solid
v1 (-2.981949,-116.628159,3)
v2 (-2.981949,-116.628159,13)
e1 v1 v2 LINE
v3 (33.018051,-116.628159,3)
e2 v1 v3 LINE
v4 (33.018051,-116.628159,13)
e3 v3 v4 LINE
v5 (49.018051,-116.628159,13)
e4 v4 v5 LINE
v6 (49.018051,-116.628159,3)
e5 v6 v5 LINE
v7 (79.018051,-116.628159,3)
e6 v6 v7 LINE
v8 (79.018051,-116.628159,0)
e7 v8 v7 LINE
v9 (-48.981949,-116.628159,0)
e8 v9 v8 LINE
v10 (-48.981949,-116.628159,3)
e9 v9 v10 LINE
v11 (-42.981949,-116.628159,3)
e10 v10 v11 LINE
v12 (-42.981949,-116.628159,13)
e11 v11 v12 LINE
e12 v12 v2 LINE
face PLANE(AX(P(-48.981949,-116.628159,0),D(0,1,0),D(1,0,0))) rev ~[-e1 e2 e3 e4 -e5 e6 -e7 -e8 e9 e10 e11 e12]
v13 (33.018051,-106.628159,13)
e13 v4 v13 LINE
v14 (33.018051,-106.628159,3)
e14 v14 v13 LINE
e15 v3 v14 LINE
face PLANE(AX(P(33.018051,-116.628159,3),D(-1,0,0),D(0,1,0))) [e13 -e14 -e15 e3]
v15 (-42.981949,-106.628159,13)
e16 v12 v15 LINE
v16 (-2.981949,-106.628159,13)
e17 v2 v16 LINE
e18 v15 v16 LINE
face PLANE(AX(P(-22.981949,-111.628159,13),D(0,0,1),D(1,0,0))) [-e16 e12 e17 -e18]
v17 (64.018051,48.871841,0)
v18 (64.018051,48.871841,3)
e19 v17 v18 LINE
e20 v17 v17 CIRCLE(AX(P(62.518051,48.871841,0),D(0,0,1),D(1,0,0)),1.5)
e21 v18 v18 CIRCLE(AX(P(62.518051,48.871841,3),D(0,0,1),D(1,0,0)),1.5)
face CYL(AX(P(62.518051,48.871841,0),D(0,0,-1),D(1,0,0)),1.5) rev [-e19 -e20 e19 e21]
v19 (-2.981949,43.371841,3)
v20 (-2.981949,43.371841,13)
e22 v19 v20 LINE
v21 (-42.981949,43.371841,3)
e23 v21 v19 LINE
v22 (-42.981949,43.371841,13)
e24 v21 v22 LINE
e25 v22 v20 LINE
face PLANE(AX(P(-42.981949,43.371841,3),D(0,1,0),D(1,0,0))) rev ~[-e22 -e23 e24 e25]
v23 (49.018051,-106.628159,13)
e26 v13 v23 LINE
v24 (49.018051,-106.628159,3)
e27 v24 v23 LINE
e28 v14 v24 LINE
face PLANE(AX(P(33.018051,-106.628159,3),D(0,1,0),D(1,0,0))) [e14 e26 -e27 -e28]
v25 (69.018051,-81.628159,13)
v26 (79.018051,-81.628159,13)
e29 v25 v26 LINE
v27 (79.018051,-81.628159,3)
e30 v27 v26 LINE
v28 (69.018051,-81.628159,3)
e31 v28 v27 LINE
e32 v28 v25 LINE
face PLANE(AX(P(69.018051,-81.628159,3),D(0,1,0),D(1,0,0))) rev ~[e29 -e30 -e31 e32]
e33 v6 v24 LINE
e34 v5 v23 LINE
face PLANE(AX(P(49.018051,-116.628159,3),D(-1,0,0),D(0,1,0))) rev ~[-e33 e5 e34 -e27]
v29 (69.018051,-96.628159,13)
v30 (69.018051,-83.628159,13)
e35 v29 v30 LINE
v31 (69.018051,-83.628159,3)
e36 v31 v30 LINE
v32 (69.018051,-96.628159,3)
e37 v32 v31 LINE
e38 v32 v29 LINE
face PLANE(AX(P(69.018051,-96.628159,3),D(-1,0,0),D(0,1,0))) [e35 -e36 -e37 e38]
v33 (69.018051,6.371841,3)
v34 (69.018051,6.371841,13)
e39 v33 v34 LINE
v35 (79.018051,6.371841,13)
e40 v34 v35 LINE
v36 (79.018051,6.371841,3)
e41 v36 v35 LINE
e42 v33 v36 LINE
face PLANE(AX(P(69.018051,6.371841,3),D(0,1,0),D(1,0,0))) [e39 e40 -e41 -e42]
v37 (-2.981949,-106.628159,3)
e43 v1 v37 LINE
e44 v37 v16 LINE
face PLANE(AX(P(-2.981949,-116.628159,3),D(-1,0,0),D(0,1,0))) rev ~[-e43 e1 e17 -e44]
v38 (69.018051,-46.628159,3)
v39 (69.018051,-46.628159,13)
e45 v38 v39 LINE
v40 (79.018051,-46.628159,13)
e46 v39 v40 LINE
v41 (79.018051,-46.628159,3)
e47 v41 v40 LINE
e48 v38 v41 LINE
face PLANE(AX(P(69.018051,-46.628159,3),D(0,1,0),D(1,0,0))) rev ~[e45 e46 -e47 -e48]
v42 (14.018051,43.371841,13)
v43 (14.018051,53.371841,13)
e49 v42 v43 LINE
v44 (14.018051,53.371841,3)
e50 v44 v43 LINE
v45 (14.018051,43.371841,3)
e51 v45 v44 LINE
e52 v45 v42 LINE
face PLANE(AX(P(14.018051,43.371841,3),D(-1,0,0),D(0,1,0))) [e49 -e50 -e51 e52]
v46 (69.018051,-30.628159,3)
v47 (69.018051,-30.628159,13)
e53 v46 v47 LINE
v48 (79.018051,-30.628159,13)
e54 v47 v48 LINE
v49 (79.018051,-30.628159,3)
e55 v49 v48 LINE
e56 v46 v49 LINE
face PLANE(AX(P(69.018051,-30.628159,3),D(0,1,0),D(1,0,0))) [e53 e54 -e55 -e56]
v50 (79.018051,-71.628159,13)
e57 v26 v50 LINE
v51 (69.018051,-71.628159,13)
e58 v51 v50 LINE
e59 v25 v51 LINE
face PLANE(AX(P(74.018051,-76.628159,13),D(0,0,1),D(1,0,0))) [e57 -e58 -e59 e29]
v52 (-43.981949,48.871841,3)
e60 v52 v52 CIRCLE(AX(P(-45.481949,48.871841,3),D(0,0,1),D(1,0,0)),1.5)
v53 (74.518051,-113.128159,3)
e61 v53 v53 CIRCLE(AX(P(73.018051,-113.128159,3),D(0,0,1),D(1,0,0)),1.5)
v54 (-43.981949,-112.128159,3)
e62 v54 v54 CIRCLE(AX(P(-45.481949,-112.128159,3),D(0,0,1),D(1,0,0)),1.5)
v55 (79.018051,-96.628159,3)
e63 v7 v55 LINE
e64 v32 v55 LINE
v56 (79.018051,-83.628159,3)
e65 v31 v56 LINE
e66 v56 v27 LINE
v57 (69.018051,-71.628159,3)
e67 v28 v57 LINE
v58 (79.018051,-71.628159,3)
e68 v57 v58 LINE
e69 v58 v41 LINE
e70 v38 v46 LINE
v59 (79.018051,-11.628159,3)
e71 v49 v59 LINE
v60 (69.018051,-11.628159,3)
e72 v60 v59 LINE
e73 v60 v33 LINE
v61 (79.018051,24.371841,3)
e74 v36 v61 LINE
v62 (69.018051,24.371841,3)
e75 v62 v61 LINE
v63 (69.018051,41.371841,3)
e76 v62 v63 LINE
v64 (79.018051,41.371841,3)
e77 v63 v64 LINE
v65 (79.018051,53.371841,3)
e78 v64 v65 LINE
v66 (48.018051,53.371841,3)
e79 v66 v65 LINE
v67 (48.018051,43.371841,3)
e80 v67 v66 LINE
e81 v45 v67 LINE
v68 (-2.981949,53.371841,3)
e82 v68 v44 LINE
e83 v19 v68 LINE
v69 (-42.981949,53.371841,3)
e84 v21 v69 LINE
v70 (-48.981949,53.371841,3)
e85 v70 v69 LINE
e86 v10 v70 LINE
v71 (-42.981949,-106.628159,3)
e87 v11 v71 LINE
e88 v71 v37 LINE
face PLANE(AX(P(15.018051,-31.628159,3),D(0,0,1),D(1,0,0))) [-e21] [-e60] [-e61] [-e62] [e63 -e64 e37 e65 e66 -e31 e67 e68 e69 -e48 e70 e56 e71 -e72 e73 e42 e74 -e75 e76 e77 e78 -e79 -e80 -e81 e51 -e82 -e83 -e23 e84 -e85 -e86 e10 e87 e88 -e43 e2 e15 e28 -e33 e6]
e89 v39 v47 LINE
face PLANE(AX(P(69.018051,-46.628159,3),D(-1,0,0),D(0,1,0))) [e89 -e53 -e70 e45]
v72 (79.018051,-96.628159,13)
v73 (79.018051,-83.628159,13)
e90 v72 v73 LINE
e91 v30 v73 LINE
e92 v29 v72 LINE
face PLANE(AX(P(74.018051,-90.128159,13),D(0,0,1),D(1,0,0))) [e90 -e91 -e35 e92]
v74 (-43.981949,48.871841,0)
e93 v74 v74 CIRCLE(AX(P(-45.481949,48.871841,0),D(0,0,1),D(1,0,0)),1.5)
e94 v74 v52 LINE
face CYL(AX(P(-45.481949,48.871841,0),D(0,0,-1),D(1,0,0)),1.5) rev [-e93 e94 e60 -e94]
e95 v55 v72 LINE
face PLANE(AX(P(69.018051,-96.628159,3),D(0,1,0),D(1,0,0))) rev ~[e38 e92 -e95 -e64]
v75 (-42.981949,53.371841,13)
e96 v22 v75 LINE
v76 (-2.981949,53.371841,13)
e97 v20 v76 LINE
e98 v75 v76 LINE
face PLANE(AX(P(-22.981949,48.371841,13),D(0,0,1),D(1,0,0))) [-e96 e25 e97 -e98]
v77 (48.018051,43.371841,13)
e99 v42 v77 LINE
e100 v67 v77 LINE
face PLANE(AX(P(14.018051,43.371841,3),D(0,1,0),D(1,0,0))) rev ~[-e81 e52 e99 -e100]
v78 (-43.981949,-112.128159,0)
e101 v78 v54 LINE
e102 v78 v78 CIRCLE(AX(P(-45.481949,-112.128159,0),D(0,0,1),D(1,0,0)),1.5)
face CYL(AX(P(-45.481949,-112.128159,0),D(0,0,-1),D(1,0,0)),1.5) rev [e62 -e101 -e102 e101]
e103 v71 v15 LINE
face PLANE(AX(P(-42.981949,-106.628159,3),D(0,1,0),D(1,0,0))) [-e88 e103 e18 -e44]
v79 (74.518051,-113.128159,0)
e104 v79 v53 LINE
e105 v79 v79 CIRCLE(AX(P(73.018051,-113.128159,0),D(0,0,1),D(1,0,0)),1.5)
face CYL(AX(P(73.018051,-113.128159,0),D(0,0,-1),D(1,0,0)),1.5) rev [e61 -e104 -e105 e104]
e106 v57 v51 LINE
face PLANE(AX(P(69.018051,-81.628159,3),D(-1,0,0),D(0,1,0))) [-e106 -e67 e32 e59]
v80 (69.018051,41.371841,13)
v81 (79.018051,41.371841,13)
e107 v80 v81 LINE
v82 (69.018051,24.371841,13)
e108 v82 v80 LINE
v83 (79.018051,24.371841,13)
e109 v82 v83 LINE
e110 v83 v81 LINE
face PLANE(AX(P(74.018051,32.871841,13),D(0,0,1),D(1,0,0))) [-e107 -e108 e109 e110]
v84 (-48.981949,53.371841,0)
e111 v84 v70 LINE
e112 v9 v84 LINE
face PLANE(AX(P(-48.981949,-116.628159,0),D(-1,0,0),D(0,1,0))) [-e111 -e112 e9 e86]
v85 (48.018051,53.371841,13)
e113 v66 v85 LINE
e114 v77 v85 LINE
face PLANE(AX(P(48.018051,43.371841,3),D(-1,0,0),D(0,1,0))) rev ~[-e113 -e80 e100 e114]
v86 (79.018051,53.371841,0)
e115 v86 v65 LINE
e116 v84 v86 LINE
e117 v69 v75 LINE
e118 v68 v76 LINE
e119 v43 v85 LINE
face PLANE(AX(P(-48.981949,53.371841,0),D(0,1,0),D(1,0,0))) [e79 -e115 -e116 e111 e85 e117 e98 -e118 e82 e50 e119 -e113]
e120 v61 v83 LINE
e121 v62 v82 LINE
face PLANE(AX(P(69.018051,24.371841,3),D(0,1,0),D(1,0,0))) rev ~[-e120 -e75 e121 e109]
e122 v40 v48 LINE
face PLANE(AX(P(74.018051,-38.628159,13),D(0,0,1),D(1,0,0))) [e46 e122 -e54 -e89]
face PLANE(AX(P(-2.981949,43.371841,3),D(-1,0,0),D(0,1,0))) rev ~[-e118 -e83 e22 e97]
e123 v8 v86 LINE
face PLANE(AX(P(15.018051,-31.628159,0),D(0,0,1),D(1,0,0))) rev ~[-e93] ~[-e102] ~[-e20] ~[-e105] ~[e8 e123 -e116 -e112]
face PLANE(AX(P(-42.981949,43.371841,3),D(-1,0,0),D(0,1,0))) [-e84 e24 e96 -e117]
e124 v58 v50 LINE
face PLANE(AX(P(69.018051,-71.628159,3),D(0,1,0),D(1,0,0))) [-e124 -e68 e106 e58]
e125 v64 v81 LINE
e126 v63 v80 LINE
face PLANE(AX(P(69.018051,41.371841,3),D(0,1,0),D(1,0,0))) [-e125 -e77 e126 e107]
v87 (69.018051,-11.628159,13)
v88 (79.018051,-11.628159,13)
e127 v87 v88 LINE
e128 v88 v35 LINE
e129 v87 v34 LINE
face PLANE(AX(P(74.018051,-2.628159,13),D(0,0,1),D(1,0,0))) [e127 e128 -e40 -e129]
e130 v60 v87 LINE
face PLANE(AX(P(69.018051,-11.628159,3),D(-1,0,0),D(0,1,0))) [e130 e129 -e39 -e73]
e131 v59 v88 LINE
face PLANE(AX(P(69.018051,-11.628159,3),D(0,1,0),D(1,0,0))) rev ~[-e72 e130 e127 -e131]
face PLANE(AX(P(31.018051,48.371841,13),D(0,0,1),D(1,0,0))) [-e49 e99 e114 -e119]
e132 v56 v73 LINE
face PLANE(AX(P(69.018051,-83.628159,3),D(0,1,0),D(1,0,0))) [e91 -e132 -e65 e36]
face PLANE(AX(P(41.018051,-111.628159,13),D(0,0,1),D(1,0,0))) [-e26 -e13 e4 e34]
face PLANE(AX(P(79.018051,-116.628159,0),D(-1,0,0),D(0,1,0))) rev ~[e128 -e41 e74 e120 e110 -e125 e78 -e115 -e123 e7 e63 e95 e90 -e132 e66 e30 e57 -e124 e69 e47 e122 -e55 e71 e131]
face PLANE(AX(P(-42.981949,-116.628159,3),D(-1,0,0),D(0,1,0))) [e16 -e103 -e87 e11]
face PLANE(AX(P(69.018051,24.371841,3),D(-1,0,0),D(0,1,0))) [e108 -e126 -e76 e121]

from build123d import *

# Parameters (mm, degrees)
SKETCH_1_W      = 128
SKETCH_1_H      = 170
SKETCH_1_R      = 1.5
EXTRUDE_1_DEPTH = 3
SKETCH_2_W      = 40
SKETCH_2_H      = 10
SKETCH_2_W_2    = 16
SKETCH_2_W_3    = 10
SKETCH_2_H_2    = 13
SKETCH_2_H_3    = 16
SKETCH_2_H_4    = 18
SKETCH_2_H_5    = 17
SKETCH_2_W_4    = 34
EXTRUDE_2_DEPTH = 10


with BuildPart() as part:
    # 草圖1 → 填料-伸長1 (new body)
    with BuildSketch(Plane.XY):
        with Locations((15.018050542, -31.628158845)):
            Rectangle(SKETCH_1_W, SKETCH_1_H)
        with Locations((-45.481949458, 48.871841155)):
            Circle(SKETCH_1_R, mode=Mode.SUBTRACT)
        with Locations((-45.481949458, -112.128158845)):
            Circle(SKETCH_1_R, mode=Mode.SUBTRACT)
        with Locations((73.018050542, -113.128158845)):
            Circle(SKETCH_1_R, mode=Mode.SUBTRACT)
        with Locations((62.518050542, 48.871841155)):
            Circle(SKETCH_1_R, mode=Mode.SUBTRACT)
    extrude(amount=EXTRUDE_1_DEPTH)

    # 草圖2 → 填料-伸長2 (add)
    with BuildSketch(Plane.XY.offset(3)):
        with Locations((-22.981949458, -111.628158845)):
            Rectangle(SKETCH_2_W, SKETCH_2_H)
        with Locations((41.018050542, -111.628158845)):
            Rectangle(SKETCH_2_W_2, SKETCH_2_H)
        with Locations((74.018050542, -90.128158845)):
            Rectangle(SKETCH_2_W_3, SKETCH_2_H_2)
        with Locations((74.018050542, -76.628158845)):
            Rectangle(SKETCH_2_W_3, SKETCH_2_H)
        with Locations((74.018050542, -38.628158845)):
            Rectangle(SKETCH_2_W_3, SKETCH_2_H_3)
        with Locations((74.018050542, -2.628158845)):
            Rectangle(SKETCH_2_W_3, SKETCH_2_H_4)
        with Locations((74.018050542, 32.871841155)):
            Rectangle(SKETCH_2_W_3, SKETCH_2_H_5)
        with Locations((31.018050542, 48.371841155)):
            Rectangle(SKETCH_2_W_4, SKETCH_2_H)
        with Locations((-22.981949458, 48.371841155)):
            Rectangle(SKETCH_2_W, SKETCH_2_H)
    extrude(amount=EXTRUDE_2_DEPTH)


solid = part.part
